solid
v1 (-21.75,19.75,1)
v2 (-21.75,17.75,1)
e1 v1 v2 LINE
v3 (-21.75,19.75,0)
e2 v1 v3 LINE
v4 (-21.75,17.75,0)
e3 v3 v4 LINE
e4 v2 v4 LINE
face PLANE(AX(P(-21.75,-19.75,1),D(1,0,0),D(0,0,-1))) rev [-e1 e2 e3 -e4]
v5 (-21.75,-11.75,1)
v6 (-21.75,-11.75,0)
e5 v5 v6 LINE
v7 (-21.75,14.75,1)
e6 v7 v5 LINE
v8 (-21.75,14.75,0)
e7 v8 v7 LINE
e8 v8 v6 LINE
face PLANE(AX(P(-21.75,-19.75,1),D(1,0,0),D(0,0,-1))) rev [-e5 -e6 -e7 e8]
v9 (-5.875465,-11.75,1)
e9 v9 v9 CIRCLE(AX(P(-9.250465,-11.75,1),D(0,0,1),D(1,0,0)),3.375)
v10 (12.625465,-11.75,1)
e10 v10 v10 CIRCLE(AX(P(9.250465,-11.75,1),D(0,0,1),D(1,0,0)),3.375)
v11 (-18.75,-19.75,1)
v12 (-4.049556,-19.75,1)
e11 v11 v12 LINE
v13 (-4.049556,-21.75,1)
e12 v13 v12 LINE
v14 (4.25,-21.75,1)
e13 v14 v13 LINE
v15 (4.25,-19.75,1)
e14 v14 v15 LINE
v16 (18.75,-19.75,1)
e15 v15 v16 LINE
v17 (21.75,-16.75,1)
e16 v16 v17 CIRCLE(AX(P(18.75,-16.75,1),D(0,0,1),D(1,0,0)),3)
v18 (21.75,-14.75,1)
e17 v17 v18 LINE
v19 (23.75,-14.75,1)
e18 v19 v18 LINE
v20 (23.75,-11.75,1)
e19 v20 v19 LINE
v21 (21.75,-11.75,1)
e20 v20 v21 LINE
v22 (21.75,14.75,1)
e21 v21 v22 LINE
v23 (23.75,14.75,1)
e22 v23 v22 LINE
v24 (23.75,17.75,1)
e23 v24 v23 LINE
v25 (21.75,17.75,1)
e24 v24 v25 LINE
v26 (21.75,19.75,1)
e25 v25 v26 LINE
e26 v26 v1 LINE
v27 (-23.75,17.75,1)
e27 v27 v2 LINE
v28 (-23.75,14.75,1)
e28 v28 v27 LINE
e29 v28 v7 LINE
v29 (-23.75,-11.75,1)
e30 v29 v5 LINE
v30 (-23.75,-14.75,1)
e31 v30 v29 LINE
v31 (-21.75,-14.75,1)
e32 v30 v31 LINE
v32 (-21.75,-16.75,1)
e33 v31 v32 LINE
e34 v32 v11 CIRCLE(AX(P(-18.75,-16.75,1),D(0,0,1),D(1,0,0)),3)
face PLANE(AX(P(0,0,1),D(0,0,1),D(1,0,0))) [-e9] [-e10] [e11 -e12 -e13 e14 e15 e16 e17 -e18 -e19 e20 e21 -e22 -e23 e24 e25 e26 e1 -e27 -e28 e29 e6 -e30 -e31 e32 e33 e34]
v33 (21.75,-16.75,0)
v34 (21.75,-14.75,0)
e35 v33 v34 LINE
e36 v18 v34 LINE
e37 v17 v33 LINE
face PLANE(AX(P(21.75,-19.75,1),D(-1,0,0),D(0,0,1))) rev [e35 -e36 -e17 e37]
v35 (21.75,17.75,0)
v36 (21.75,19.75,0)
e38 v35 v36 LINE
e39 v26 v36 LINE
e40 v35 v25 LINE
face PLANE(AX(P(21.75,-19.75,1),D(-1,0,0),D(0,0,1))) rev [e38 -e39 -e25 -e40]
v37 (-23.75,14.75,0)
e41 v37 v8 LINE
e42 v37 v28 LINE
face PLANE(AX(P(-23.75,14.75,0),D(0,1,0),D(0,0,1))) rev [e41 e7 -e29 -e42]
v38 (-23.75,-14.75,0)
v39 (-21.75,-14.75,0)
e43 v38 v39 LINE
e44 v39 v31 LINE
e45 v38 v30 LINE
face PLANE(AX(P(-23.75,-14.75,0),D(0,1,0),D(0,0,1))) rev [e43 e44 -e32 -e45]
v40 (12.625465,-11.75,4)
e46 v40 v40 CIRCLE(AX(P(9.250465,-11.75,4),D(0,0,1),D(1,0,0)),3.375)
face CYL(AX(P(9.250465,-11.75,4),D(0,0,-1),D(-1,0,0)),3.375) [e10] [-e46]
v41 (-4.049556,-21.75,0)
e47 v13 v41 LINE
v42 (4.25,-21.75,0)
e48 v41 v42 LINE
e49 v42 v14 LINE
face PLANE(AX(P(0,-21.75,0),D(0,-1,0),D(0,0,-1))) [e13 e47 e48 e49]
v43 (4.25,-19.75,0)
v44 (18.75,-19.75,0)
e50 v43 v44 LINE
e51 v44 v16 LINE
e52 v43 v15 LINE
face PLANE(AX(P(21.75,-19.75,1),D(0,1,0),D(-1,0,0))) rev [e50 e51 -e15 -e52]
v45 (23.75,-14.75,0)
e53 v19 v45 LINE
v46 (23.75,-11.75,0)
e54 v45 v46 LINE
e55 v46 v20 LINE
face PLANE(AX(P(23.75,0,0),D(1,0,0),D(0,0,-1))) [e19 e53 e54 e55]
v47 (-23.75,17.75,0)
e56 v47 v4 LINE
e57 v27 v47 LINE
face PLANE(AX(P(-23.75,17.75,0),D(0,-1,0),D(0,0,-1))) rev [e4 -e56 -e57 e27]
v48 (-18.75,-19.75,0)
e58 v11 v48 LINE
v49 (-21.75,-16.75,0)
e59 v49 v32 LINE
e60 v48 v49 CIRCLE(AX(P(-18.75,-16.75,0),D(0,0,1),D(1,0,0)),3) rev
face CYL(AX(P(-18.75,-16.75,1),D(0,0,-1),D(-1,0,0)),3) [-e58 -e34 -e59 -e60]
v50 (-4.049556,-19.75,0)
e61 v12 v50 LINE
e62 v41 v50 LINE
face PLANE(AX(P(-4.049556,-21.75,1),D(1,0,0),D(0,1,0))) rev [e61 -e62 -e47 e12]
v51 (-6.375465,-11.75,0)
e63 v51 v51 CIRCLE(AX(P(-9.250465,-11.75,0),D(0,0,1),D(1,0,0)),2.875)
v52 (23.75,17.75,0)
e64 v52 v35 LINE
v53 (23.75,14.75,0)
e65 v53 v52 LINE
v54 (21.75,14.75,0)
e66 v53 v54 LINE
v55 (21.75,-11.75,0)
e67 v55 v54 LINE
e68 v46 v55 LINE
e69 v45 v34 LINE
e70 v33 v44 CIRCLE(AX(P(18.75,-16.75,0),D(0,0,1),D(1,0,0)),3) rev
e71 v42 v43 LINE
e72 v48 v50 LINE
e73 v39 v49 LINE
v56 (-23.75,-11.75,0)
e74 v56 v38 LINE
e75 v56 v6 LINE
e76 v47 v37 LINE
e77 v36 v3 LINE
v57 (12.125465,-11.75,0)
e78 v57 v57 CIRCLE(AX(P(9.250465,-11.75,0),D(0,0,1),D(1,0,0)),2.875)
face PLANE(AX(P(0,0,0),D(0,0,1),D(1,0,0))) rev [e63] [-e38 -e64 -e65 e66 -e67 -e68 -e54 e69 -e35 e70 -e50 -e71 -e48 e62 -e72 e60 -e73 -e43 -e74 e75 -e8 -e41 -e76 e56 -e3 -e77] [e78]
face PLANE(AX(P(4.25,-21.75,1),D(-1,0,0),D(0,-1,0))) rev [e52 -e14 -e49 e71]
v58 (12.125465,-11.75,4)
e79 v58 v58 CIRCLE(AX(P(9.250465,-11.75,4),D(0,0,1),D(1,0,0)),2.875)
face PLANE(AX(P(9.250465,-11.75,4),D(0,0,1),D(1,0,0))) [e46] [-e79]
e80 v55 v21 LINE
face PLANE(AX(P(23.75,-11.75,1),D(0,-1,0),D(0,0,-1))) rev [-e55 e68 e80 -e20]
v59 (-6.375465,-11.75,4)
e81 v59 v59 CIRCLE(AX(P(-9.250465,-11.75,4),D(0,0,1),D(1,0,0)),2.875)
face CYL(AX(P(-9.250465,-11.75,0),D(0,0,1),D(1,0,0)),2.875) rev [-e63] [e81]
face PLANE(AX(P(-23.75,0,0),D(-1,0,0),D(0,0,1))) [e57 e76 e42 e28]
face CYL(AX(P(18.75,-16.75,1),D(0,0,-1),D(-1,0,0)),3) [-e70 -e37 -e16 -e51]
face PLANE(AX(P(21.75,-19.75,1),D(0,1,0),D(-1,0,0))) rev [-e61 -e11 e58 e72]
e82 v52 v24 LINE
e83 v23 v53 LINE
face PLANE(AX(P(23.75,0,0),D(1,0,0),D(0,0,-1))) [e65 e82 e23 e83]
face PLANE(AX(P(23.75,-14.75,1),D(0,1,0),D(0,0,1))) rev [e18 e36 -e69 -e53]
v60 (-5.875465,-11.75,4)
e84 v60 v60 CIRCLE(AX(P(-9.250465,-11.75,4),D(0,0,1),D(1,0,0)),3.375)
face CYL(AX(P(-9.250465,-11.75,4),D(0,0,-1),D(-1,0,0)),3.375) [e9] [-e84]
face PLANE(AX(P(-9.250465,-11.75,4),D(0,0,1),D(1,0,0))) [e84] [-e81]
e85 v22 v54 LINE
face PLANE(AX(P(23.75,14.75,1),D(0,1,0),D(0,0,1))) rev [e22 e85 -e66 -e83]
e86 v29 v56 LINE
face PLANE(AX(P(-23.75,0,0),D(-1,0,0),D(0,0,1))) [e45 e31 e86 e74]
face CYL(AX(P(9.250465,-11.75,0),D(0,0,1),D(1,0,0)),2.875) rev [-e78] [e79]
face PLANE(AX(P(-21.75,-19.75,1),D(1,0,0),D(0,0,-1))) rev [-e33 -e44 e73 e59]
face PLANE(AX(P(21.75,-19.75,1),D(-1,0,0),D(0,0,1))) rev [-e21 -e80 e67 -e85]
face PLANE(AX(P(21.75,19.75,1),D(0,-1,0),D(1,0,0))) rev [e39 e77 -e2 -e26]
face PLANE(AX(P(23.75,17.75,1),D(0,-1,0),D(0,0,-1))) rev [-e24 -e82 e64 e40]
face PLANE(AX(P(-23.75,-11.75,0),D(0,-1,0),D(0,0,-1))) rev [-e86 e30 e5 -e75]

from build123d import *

# Parameters (mm, degrees)
SKETCH1_W            = 43.5
SKETCH1_H            = 39.5
BODY_DEPTH           = 1
SKETCH2_W            = 1
SKETCH2_H            = 3
CLIPS_R_DEPTH        = 2
SKETCH3_W            = 1
SKETCH3_H            = 3
CLIPS_L_DEPTH        = 2
SKETCH4_W            = 8.299556423
SKETCH4_H            = 1
CLIPS_B_DEPTH        = 2
SKETCH5_R            = 3.375
PADDLE_SUPPORT_DEPTH = 3
SKETCH6_R            = 2.875
BOLTS_DEPTH          = 5
FILLET1_R            = 3


with BuildPart() as part:
    # Sketch1 → body (new body)
    with BuildSketch(Plane.XY):
        Rectangle(SKETCH1_W, SKETCH1_H)
    extrude(amount=BODY_DEPTH)

    # Sketch2 → clips_r (add)
    with BuildSketch(Plane(origin=(21.75, 0, 0), x_dir=(0, 0, -1), z_dir=(1, 0, 0))):
        with Locations((-0.5, 16.25)):
            Rectangle(SKETCH2_W, SKETCH2_H)
        with Locations((-0.5, -13.25)):
            Rectangle(SKETCH2_W, SKETCH2_H)
    extrude(amount=CLIPS_R_DEPTH)

    # Sketch3 → clips_l (add)
    with BuildSketch(Plane.ZY.offset(21.75)):
        with Locations((0.5, -13.25)):
            Rectangle(SKETCH3_W, SKETCH3_H)
        with Locations((0.5, 16.25)):
            Rectangle(SKETCH3_W, SKETCH3_H)
    extrude(amount=CLIPS_L_DEPTH)

    # Sketch4 → clips_b (add)
    with BuildSketch(Plane.XZ.offset(19.75)):
        with Locations((0.100221788, 0.5)):
            Rectangle(SKETCH4_W, SKETCH4_H)
    extrude(amount=CLIPS_B_DEPTH)

    # Sketch5 → paddle_support (add)
    with BuildSketch(Plane.XY.offset(1)):
        with Locations((9.250464542, -11.75)):
            Circle(SKETCH5_R)
        with Locations((-9.250464542, -11.75)):
            Circle(SKETCH5_R)
    extrude(amount=PADDLE_SUPPORT_DEPTH)

    # Sketch6 → bolts (cut, through all)
    with BuildSketch(Plane.XY.offset(4)):
        with Locations((-9.250464542, -11.75)):
            Circle(SKETCH6_R)
        with Locations((9.250464542, -11.75)):
            Circle(SKETCH6_R)
    extrude(amount=-BOLTS_DEPTH, mode=Mode.SUBTRACT)

    # Fillet1
    fillet1_edges = [part.edges().sort_by_distance(p)[0] for p in [
        (21.75, -19.75, 0.5),
        (-21.75, -19.75, 0.5),
    ]]
    fillet(fillet1_edges, radius=FILLET1_R)


solid = part.part
